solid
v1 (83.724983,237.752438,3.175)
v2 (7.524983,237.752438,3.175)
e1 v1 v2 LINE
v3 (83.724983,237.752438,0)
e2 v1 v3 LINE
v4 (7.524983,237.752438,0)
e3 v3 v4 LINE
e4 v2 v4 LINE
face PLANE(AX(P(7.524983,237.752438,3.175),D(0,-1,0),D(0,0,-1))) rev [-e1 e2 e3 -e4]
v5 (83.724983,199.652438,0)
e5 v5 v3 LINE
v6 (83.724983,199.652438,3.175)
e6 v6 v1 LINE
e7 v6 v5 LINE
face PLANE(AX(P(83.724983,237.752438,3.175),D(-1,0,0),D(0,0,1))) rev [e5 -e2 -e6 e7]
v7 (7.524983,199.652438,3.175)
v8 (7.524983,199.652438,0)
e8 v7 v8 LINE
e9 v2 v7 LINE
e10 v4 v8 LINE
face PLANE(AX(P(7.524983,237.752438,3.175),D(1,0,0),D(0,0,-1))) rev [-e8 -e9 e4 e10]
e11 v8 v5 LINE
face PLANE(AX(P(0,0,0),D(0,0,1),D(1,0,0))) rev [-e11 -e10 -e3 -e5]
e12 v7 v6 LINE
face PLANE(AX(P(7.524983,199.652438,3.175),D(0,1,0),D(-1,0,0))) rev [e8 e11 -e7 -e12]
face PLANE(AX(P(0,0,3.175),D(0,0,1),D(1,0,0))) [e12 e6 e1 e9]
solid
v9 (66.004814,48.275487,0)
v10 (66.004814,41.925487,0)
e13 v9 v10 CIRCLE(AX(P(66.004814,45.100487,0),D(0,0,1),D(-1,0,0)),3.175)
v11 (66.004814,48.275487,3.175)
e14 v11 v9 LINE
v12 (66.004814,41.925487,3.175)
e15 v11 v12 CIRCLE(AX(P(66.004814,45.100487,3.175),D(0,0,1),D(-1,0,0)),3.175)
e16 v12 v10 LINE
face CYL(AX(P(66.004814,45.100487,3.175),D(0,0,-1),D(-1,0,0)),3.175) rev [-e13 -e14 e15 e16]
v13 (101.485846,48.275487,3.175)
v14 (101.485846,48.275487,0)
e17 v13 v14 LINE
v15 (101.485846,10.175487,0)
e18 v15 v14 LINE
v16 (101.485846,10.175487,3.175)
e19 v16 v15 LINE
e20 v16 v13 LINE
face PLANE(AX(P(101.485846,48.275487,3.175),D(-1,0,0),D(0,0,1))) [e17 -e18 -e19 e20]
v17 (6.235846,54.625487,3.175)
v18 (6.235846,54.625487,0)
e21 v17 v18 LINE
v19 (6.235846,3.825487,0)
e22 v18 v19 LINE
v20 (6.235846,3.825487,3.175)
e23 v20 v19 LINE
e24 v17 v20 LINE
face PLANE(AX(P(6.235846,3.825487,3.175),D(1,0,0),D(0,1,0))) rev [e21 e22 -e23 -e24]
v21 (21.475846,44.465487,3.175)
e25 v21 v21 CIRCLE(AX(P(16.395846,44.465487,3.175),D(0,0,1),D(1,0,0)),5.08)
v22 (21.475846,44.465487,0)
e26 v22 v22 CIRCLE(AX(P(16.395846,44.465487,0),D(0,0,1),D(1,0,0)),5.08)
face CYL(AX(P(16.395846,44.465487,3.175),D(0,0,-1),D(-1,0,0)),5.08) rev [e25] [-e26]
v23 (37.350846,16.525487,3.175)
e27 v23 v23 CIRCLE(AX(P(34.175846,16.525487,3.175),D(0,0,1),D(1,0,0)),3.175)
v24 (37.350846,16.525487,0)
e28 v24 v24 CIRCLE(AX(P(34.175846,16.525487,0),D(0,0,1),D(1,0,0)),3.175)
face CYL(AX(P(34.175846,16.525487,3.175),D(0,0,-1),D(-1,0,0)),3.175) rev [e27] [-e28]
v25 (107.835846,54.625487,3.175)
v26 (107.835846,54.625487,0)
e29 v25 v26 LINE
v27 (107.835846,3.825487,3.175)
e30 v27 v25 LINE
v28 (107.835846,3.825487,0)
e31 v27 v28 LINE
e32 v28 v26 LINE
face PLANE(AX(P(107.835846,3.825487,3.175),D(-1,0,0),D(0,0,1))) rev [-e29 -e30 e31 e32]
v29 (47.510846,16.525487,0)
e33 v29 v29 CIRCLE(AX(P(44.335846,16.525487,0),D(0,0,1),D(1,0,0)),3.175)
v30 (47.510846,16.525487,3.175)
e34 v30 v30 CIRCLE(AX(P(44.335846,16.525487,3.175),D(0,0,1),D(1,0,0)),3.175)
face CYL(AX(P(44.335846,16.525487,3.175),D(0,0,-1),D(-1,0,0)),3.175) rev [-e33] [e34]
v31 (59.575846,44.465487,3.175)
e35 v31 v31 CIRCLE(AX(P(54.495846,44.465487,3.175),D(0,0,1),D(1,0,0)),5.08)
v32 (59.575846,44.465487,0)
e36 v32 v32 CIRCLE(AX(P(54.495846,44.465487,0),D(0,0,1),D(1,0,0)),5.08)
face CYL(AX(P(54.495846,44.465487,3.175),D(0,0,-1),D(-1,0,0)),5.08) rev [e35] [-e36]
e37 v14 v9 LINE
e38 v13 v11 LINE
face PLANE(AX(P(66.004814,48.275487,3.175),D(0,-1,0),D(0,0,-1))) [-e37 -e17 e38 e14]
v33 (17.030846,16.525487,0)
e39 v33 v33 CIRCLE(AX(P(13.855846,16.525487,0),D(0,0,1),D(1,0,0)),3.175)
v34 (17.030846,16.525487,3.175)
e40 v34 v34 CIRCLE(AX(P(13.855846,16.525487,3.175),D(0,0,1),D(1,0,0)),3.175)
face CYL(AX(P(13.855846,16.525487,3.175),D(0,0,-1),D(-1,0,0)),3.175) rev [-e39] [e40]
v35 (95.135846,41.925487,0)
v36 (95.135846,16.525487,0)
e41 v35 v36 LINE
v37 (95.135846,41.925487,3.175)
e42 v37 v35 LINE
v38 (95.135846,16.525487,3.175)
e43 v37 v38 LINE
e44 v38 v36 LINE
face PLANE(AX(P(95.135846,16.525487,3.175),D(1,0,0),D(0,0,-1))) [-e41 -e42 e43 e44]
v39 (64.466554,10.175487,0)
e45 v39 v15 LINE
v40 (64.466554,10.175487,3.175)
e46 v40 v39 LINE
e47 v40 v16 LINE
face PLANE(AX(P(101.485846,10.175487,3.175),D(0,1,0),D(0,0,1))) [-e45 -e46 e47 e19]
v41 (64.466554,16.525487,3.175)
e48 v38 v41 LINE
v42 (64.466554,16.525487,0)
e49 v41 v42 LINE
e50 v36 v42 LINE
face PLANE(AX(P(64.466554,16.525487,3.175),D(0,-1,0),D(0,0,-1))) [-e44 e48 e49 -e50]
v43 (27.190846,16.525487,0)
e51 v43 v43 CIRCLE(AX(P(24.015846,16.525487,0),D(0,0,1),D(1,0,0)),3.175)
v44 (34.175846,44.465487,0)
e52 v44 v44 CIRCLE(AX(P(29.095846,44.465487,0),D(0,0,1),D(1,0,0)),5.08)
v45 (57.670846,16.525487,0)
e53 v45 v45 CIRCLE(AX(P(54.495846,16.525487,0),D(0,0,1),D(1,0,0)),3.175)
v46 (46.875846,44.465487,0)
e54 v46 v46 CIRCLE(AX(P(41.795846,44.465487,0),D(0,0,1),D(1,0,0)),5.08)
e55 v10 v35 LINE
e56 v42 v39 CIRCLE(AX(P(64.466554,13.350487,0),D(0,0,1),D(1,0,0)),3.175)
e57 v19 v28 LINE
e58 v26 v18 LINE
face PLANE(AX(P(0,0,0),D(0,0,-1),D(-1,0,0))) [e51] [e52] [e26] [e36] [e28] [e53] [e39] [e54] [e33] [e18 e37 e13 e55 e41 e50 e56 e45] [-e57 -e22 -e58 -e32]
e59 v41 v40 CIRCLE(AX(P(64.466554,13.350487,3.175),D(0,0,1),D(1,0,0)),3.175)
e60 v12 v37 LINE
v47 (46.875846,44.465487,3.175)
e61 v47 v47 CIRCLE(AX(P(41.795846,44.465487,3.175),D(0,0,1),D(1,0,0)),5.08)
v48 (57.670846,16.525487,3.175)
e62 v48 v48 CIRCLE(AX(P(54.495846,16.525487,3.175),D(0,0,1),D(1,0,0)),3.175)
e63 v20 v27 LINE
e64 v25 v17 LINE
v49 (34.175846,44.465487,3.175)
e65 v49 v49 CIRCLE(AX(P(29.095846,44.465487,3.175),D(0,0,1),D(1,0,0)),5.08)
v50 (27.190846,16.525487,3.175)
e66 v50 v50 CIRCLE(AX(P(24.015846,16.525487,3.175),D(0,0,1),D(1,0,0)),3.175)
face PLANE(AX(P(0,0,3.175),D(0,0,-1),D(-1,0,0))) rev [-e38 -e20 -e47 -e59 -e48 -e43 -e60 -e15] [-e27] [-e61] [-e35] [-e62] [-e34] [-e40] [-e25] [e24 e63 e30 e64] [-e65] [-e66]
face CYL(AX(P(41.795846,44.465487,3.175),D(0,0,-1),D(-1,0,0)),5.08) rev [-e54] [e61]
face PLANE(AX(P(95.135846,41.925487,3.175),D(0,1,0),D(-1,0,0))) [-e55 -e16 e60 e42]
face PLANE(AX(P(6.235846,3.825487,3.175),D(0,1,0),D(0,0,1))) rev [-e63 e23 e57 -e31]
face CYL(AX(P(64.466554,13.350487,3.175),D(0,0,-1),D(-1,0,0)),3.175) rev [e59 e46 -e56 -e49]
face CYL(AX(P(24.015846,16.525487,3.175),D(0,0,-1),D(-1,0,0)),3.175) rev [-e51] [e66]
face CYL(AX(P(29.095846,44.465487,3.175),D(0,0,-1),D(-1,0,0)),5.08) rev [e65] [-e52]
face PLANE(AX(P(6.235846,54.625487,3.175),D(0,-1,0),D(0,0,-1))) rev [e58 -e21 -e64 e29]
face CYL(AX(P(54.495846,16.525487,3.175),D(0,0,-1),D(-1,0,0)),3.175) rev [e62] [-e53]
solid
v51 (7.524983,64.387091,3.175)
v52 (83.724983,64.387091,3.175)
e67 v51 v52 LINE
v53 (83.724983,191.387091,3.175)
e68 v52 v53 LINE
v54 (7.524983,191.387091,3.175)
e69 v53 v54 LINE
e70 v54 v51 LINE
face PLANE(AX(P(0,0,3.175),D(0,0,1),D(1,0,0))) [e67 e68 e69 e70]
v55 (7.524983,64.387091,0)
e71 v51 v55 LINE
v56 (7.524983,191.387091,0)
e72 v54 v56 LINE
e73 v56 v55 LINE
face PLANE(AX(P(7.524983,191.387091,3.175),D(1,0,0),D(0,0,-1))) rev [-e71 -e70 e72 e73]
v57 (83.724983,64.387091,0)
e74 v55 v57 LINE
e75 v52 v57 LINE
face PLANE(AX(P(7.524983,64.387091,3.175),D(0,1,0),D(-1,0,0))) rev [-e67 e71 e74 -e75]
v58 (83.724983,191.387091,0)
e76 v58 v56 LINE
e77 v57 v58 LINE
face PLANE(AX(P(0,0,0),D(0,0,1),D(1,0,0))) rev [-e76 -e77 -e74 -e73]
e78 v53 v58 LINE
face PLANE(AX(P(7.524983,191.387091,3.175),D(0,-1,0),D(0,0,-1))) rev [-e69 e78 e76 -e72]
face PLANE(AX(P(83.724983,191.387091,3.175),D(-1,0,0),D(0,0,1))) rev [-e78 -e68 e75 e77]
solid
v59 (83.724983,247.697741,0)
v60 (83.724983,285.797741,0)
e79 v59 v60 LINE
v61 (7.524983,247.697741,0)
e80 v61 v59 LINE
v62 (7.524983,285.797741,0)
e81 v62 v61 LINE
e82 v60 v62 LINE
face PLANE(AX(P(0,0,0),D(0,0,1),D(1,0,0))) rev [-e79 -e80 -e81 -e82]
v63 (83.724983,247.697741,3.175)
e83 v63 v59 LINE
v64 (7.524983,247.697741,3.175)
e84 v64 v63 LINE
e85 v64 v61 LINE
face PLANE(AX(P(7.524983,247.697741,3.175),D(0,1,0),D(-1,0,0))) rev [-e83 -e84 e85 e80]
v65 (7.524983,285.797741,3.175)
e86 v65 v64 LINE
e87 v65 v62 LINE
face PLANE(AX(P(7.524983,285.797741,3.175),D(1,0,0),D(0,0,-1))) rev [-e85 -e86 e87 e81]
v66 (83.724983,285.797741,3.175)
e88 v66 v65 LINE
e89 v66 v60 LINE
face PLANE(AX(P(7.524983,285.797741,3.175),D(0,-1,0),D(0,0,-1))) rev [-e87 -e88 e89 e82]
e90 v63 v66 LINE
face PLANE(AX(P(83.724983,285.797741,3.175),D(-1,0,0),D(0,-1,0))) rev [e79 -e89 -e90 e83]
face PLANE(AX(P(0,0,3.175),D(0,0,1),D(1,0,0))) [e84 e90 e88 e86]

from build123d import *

# Parameters (mm, degrees)
SKETCH4_W             = 101.6
SKETCH4_H             = 50.8
SKETCH4_R             = 3.175
SKETCH4_R_2           = 5.08
BOSS_EXTRUDE1_DEPTH   = 3.175
SKETCH4_W_2           = 76.2
SKETCH4_H_2           = 127
BOSS_EXTRUDE1_2_DEPTH = 3.175
SKETCH4_H_3           = 38.1
BOSS_EXTRUDE1_3_DEPTH = 3.175
BOSS_EXTRUDE1_4_DEPTH = 3.175


with BuildPart() as part:
    # Sketch4 → Boss-Extrude1 (new body)
    with BuildSketch(Plane.XY):
        with Locations((57.035846179, 29.225487274)):
            Rectangle(SKETCH4_W, SKETCH4_H)
        with Locations((13.855846179, 16.525487274)):
            Circle(SKETCH4_R, mode=Mode.SUBTRACT)
        with Locations((24.015846179, 16.525487274)):
            Circle(SKETCH4_R, mode=Mode.SUBTRACT)
        with Locations((34.175846179, 16.525487274)):
            Circle(SKETCH4_R, mode=Mode.SUBTRACT)
        with Locations((44.335846179, 16.525487274)):
            Circle(SKETCH4_R, mode=Mode.SUBTRACT)
        with Locations((54.495846179, 16.525487274)):
            Circle(SKETCH4_R, mode=Mode.SUBTRACT)
        with Locations((16.395846179, 44.465487274)):
            Circle(SKETCH4_R_2, mode=Mode.SUBTRACT)
        with Locations((29.095846179, 44.465487274)):
            Circle(SKETCH4_R_2, mode=Mode.SUBTRACT)
        with Locations((41.795846179, 44.465487274)):
            Circle(SKETCH4_R_2, mode=Mode.SUBTRACT)
        with Locations((54.495846179, 44.465487274)):
            Circle(SKETCH4_R_2, mode=Mode.SUBTRACT)
        with BuildLine():
            Line((64.46655377, 16.525487274), (95.135846179, 16.525487274))
            Line((95.135846179, 16.525487274), (95.135846179, 41.925487274))
            Line((95.135846179, 41.925487274), (66.004814465, 41.925487274))
            ThreePointArc((66.004814465, 41.925487274), (62.829814465, 45.100487274), (66.004814465, 48.275487274))
            Line((66.004814465, 48.275487274), (101.485846179, 48.275487274))
            Line((101.485846179, 48.275487274), (101.485846179, 10.175487274))
            Line((101.485846179, 10.175487274), (64.46655377, 10.175487274))
            ThreePointArc((64.46655377, 10.175487274), (61.29155377, 13.350487274), (64.46655377, 16.525487274))
        make_face(mode=Mode.SUBTRACT)
    extrude(amount=BOSS_EXTRUDE1_DEPTH)


with BuildPart() as body_2:
    # Sketch4 → Boss-Extrude1 2 (new body)
    with BuildSketch(Plane.XY):
        with Locations((45.624983243, 127.887090926)):
            Rectangle(SKETCH4_W_2, SKETCH4_H_2)
    extrude(amount=BOSS_EXTRUDE1_2_DEPTH)


with BuildPart() as body_3:
    # Sketch4 → Boss-Extrude1 3 (new body)
    with BuildSketch(Plane.XY):
        with Locations((45.624983243, 266.747740762)):
            Rectangle(SKETCH4_W_2, SKETCH4_H_3)
    extrude(amount=BOSS_EXTRUDE1_3_DEPTH)


with BuildPart() as body_4:
    # Sketch4 → Boss-Extrude1 4 (new body)
    with BuildSketch(Plane.XY):
        with Locations((45.624983243, 218.702437589)):
            Rectangle(SKETCH4_W_2, SKETCH4_H_3)
    extrude(amount=BOSS_EXTRUDE1_4_DEPTH)


solid = Compound([part.part, body_2.part, body_3.part, body_4.part])
